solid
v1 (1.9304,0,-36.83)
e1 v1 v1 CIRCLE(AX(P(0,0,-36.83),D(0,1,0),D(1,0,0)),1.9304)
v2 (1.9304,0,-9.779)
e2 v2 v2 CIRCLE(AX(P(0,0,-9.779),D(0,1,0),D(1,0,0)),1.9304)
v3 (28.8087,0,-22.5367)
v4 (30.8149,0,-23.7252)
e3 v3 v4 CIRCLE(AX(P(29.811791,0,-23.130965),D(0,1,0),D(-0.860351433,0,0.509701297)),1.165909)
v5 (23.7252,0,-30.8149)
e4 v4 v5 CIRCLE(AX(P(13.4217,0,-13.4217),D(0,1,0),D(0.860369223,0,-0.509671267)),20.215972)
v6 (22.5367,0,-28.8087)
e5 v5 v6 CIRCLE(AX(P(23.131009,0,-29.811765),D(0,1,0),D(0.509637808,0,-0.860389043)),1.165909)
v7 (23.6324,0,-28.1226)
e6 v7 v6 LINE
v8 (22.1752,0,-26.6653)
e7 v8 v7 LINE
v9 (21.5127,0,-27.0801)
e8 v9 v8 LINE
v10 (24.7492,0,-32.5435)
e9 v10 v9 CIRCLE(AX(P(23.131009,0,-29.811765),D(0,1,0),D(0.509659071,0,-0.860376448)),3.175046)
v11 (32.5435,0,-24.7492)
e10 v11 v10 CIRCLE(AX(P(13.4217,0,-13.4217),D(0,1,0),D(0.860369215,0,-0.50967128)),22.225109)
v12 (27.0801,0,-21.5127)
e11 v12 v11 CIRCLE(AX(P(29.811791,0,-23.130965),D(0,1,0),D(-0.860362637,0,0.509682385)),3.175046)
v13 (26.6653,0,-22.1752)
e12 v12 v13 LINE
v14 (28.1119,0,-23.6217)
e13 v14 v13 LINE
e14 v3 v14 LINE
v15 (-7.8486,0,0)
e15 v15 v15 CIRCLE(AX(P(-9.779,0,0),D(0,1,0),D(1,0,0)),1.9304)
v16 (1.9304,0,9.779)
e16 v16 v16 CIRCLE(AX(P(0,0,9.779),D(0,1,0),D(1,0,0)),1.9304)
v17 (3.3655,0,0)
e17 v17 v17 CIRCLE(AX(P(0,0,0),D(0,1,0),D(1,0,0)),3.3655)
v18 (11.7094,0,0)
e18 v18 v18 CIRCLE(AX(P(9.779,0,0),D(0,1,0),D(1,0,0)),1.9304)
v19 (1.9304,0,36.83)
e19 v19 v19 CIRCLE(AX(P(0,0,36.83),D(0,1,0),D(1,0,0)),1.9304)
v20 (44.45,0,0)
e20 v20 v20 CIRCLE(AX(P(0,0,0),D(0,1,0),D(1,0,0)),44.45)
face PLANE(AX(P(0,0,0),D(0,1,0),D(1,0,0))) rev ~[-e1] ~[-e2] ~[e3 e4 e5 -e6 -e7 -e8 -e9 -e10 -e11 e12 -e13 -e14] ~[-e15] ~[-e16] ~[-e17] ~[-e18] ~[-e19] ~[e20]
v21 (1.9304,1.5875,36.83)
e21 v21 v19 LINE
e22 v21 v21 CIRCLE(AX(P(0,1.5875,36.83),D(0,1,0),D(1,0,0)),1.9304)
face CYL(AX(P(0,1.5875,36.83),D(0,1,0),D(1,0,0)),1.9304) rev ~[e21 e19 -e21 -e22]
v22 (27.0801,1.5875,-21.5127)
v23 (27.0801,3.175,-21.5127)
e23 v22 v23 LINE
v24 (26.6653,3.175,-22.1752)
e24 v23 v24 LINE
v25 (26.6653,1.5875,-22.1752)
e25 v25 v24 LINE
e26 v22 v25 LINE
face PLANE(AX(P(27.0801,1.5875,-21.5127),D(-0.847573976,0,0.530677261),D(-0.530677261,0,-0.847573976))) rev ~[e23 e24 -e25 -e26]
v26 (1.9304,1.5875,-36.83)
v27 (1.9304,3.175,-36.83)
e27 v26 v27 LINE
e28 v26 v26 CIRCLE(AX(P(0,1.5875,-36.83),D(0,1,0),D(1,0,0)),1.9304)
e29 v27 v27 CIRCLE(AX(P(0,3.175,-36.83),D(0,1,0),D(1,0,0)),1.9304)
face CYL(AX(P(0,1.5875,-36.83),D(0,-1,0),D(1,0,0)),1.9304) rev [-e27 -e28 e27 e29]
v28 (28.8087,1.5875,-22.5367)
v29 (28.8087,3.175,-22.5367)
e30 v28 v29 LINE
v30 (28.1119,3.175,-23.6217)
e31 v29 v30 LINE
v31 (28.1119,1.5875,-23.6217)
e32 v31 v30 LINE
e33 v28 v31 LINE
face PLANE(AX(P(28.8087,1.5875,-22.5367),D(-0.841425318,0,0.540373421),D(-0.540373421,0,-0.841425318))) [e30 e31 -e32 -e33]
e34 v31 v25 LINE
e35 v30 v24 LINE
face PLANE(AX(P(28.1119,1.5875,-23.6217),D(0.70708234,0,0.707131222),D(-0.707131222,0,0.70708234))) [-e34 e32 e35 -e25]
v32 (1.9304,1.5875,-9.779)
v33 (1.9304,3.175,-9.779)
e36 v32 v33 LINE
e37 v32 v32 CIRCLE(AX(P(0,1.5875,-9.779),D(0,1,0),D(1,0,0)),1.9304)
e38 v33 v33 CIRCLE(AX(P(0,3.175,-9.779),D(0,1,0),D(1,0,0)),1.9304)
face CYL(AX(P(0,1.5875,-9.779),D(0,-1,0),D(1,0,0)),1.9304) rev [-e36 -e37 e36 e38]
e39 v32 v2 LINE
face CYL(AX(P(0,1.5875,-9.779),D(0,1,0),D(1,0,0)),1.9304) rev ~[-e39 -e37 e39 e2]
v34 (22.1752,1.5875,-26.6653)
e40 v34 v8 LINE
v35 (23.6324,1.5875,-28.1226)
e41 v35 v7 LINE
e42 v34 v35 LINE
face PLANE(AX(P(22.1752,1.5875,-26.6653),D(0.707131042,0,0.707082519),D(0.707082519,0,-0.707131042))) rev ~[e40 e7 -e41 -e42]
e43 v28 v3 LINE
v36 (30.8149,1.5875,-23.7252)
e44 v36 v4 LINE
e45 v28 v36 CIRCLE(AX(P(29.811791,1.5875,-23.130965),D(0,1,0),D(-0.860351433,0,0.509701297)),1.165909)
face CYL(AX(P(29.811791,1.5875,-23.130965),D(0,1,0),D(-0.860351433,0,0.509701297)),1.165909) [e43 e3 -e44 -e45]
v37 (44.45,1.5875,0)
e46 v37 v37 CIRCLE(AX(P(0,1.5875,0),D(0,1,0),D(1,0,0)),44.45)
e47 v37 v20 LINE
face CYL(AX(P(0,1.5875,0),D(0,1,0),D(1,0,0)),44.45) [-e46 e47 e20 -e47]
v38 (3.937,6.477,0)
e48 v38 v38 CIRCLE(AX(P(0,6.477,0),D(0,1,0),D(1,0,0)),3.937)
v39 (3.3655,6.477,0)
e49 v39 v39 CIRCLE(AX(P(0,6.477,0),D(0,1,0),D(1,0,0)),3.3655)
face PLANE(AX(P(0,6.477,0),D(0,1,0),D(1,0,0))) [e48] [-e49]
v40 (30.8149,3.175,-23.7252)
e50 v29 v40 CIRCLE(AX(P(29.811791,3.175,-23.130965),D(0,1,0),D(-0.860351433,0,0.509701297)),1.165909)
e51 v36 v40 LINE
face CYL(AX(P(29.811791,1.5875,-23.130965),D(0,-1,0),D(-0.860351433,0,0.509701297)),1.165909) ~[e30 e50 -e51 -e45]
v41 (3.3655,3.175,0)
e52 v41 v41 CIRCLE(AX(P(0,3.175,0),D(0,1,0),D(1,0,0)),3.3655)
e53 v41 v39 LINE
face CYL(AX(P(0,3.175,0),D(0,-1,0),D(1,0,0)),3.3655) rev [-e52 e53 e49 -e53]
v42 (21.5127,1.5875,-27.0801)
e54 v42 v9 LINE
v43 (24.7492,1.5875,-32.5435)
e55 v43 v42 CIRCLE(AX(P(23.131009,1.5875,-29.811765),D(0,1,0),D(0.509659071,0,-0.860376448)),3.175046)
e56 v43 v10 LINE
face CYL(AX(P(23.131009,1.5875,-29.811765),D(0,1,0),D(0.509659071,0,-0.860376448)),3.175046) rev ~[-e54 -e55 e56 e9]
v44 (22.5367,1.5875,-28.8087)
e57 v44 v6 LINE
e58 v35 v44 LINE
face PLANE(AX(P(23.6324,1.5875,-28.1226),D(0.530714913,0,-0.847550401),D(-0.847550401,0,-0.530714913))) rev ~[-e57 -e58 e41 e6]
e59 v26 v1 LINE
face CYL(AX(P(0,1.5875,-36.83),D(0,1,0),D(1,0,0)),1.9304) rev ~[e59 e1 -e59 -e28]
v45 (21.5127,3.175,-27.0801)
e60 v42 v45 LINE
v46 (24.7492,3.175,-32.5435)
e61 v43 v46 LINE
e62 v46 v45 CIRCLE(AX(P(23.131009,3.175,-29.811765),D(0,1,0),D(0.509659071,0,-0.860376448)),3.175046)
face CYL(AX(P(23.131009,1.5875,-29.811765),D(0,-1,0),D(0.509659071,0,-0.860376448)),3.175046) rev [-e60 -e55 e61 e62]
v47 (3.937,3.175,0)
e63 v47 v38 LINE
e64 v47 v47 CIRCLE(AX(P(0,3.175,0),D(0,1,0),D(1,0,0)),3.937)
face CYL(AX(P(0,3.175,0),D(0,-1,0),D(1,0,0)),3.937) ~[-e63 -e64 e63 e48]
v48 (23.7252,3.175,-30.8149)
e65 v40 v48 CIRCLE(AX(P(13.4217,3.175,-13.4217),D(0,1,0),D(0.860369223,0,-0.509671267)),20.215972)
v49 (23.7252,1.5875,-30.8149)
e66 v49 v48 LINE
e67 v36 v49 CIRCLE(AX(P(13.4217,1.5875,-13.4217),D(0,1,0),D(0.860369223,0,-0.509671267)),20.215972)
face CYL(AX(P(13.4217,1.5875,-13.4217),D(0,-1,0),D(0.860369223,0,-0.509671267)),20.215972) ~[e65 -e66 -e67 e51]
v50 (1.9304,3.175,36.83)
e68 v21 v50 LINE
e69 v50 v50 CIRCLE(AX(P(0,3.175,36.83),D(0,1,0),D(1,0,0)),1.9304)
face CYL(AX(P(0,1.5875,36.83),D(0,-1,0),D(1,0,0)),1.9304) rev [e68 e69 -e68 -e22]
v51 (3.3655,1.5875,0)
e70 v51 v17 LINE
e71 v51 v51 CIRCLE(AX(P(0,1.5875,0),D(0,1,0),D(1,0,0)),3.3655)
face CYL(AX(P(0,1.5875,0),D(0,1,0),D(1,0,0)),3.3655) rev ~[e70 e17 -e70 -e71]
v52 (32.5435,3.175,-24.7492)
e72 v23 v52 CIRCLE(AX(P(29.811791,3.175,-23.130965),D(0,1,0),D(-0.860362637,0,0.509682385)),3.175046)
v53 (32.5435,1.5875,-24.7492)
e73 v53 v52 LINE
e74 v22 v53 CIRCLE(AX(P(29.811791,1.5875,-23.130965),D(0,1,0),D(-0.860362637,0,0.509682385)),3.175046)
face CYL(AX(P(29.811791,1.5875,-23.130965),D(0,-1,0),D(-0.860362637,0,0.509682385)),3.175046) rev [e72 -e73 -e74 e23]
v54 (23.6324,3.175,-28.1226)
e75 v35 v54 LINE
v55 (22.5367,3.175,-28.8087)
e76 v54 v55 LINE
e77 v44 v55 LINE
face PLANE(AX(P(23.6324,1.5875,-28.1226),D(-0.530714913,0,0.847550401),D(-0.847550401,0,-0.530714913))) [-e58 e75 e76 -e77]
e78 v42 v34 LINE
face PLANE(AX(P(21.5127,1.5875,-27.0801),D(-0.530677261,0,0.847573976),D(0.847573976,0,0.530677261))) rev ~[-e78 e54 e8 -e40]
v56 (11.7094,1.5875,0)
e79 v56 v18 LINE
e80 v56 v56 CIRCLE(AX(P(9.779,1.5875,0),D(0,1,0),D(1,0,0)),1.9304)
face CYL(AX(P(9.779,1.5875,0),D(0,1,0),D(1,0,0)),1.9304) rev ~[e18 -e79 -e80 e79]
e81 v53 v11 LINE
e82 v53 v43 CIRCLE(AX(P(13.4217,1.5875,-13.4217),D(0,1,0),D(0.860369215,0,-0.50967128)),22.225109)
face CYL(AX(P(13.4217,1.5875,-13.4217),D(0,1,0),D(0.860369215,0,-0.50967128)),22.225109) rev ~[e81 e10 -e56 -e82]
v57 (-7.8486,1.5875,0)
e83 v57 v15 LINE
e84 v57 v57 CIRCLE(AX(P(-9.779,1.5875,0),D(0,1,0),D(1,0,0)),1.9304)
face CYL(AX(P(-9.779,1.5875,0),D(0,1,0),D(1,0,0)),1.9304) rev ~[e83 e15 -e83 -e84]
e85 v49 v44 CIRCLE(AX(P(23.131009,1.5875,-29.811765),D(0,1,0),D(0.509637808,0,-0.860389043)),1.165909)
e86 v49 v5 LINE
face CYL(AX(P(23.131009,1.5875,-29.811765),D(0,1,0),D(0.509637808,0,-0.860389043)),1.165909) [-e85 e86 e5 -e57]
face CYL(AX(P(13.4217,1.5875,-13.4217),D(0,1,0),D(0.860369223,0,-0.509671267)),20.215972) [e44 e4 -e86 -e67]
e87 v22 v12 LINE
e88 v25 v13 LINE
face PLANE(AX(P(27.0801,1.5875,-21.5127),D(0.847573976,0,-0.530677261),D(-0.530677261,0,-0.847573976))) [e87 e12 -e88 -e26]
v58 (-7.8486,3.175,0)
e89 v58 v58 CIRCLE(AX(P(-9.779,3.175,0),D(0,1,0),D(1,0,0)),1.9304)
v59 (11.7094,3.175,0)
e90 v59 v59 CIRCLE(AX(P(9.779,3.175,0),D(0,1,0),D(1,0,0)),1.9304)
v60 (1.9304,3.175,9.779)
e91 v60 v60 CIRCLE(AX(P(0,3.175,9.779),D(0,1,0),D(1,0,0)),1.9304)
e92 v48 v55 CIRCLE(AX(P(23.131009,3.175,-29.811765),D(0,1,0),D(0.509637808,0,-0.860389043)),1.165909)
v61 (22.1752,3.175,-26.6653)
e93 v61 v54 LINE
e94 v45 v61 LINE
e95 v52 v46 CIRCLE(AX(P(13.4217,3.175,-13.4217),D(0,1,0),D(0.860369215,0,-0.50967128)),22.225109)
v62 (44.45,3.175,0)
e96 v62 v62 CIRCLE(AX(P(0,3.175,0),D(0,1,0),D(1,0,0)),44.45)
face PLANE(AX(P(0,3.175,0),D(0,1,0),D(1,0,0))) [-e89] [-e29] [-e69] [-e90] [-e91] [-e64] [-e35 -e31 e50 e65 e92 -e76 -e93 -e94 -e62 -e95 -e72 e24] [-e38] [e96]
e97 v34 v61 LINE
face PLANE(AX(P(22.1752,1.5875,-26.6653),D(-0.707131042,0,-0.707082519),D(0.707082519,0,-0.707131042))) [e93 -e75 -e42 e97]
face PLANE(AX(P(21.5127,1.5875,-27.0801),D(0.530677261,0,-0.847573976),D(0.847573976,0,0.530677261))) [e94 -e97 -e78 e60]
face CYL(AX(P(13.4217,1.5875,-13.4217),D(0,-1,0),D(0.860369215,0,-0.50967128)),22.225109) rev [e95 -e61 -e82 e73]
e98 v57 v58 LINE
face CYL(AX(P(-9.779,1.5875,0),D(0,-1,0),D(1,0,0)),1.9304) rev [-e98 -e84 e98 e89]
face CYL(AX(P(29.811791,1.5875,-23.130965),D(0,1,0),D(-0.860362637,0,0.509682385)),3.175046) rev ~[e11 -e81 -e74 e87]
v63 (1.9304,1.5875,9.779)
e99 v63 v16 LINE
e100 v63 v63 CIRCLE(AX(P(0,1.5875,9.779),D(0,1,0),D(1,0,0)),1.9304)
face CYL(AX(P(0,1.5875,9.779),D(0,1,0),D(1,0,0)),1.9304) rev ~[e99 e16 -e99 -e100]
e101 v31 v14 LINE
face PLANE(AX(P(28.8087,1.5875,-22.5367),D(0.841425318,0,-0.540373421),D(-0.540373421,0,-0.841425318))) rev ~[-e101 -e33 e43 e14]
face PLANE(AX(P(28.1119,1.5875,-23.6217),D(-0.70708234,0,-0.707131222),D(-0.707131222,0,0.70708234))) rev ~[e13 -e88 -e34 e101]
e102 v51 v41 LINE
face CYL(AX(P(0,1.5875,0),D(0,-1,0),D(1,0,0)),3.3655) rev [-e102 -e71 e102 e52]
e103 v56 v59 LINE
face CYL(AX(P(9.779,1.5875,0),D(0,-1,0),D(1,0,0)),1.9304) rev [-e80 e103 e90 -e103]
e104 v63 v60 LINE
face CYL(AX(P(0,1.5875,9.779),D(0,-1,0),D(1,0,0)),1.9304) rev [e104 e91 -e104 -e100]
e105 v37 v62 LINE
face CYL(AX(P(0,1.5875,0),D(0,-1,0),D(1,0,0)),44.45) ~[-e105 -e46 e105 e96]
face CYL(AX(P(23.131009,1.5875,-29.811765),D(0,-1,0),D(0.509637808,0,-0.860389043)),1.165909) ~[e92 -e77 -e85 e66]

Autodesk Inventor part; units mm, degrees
ref_plane "YZ Plane" through (0, 0, 0) normal (1, 0, 0) x (0, 1, 0)
ref_plane "XZ Plane" through (0, 0, 0) normal (0, 1, 0) x (-1, 0, 0)
ref_plane "XY Plane" through (0, 0, 0) normal (0, 0, 1) x (1, 0, 0)
ref_plane "Work Plane1" through (0, 1.5875, 0) normal (0, 1, 0) x (1, 0, 0)
sketch "Sketch1" plane through (0, 1.5875, 0) normal (0, 1, 0) x (1, 0, 0)
  circle A0 centre (0, 0) radius 44.45
  circle A1 centre (0, -9.779) radius 1.778 construction
  circle A2 centre (-9.779, 0) radius 1.778 construction
  circle A3 centre (0, 9.779) radius 1.778 construction
  circle A4 centre (9.779, 0) radius 1.778 construction
  circle A5 centre (0, 0) radius 6.35 construction
  circle A6 centre (0, -9.779) radius 1.9304
  circle A7 centre (-9.779, 0) radius 1.9304
  circle A8 centre (0, 9.779) radius 1.9304
  circle A9 centre (9.779, 0) radius 1.9304
  circle A10 centre (0, 0) radius 3.3655
  circle A11 centre (0, 0) radius 34.925 construction
  circle A12 centre (0, -36.83) radius 1.9304
  circle A13 centre (0, 36.83) radius 1.9304
  line L0 (0, 0) -> (31.4309, 31.4309) construction
  line L1 (0, 0) -> (44.45, 0) construction
  line L2 (28.8087, 22.5367) -> (28.1119, 23.6217)
  line L3 (22.1752, 26.6653) -> (23.6324, 28.1226)
  line L4 (23.6324, 28.1226) -> (22.5367, 28.8087)
  line L5 (21.5127, 27.0801) -> (22.1752, 26.6653)
  line L6 (28.1119, 23.6217) -> (26.6653, 22.1752)
  arc A14 (28.8087, 22.5367) -> (30.8149, 23.7252) centre (29.8118, 23.131) ccw
  arc A15 (23.7252, 30.8149) -> (22.5367, 28.8087) centre (23.131, 29.8118) ccw
  arc A16 (24.7492, 32.5435) -> (21.5127, 27.0801) centre (23.131, 29.8118) ccw
  arc A17 (27.0801, 21.5127) -> (32.5435, 24.7492) centre (29.8118, 23.131) ccw
  arc A18 (30.8149, 23.7252) -> (23.7252, 30.8149) centre (13.4217, 13.4217) ccw
  arc A19 (32.5435, 24.7492) -> (24.7492, 32.5435) centre (13.4217, 13.4217) ccw
  line L7 (27.0801, 21.5127) -> (26.6653, 22.1752)
  point P0 (24.7492, 32.5435)
  dimension "d1" = 88.9
  dimension "d2" = 3.8608
  dimension "d3" = 3.8608
  dimension "d5" = 3.8608
  dimension "d6" = 6.731
  dimension "d7" = 69.85
  dimension "d8" = 3.8608
  dimension "d10" = 3.8608
  dimension "d11" = 36.83
  dimension "d12" = 45
  dimension "d13" = 36.83
extrude "Extrusion1" add sketch "Sketch1" along normal mid plane 3.175
sketch "Sketch2" plane through (0, 3.175, 0) normal (0, 1, 0) x (1, 0, 0)
  circle A0 centre (0, 0) radius 3.3655
  circle A1 centre (0, 0) radius 3.937
  dimension "d16" = 7.874
extrude "Extrusion2" add sketch "Sketch2" along normal blind 3.302
properties part number "3_5 in spool outer plate with spacer"
